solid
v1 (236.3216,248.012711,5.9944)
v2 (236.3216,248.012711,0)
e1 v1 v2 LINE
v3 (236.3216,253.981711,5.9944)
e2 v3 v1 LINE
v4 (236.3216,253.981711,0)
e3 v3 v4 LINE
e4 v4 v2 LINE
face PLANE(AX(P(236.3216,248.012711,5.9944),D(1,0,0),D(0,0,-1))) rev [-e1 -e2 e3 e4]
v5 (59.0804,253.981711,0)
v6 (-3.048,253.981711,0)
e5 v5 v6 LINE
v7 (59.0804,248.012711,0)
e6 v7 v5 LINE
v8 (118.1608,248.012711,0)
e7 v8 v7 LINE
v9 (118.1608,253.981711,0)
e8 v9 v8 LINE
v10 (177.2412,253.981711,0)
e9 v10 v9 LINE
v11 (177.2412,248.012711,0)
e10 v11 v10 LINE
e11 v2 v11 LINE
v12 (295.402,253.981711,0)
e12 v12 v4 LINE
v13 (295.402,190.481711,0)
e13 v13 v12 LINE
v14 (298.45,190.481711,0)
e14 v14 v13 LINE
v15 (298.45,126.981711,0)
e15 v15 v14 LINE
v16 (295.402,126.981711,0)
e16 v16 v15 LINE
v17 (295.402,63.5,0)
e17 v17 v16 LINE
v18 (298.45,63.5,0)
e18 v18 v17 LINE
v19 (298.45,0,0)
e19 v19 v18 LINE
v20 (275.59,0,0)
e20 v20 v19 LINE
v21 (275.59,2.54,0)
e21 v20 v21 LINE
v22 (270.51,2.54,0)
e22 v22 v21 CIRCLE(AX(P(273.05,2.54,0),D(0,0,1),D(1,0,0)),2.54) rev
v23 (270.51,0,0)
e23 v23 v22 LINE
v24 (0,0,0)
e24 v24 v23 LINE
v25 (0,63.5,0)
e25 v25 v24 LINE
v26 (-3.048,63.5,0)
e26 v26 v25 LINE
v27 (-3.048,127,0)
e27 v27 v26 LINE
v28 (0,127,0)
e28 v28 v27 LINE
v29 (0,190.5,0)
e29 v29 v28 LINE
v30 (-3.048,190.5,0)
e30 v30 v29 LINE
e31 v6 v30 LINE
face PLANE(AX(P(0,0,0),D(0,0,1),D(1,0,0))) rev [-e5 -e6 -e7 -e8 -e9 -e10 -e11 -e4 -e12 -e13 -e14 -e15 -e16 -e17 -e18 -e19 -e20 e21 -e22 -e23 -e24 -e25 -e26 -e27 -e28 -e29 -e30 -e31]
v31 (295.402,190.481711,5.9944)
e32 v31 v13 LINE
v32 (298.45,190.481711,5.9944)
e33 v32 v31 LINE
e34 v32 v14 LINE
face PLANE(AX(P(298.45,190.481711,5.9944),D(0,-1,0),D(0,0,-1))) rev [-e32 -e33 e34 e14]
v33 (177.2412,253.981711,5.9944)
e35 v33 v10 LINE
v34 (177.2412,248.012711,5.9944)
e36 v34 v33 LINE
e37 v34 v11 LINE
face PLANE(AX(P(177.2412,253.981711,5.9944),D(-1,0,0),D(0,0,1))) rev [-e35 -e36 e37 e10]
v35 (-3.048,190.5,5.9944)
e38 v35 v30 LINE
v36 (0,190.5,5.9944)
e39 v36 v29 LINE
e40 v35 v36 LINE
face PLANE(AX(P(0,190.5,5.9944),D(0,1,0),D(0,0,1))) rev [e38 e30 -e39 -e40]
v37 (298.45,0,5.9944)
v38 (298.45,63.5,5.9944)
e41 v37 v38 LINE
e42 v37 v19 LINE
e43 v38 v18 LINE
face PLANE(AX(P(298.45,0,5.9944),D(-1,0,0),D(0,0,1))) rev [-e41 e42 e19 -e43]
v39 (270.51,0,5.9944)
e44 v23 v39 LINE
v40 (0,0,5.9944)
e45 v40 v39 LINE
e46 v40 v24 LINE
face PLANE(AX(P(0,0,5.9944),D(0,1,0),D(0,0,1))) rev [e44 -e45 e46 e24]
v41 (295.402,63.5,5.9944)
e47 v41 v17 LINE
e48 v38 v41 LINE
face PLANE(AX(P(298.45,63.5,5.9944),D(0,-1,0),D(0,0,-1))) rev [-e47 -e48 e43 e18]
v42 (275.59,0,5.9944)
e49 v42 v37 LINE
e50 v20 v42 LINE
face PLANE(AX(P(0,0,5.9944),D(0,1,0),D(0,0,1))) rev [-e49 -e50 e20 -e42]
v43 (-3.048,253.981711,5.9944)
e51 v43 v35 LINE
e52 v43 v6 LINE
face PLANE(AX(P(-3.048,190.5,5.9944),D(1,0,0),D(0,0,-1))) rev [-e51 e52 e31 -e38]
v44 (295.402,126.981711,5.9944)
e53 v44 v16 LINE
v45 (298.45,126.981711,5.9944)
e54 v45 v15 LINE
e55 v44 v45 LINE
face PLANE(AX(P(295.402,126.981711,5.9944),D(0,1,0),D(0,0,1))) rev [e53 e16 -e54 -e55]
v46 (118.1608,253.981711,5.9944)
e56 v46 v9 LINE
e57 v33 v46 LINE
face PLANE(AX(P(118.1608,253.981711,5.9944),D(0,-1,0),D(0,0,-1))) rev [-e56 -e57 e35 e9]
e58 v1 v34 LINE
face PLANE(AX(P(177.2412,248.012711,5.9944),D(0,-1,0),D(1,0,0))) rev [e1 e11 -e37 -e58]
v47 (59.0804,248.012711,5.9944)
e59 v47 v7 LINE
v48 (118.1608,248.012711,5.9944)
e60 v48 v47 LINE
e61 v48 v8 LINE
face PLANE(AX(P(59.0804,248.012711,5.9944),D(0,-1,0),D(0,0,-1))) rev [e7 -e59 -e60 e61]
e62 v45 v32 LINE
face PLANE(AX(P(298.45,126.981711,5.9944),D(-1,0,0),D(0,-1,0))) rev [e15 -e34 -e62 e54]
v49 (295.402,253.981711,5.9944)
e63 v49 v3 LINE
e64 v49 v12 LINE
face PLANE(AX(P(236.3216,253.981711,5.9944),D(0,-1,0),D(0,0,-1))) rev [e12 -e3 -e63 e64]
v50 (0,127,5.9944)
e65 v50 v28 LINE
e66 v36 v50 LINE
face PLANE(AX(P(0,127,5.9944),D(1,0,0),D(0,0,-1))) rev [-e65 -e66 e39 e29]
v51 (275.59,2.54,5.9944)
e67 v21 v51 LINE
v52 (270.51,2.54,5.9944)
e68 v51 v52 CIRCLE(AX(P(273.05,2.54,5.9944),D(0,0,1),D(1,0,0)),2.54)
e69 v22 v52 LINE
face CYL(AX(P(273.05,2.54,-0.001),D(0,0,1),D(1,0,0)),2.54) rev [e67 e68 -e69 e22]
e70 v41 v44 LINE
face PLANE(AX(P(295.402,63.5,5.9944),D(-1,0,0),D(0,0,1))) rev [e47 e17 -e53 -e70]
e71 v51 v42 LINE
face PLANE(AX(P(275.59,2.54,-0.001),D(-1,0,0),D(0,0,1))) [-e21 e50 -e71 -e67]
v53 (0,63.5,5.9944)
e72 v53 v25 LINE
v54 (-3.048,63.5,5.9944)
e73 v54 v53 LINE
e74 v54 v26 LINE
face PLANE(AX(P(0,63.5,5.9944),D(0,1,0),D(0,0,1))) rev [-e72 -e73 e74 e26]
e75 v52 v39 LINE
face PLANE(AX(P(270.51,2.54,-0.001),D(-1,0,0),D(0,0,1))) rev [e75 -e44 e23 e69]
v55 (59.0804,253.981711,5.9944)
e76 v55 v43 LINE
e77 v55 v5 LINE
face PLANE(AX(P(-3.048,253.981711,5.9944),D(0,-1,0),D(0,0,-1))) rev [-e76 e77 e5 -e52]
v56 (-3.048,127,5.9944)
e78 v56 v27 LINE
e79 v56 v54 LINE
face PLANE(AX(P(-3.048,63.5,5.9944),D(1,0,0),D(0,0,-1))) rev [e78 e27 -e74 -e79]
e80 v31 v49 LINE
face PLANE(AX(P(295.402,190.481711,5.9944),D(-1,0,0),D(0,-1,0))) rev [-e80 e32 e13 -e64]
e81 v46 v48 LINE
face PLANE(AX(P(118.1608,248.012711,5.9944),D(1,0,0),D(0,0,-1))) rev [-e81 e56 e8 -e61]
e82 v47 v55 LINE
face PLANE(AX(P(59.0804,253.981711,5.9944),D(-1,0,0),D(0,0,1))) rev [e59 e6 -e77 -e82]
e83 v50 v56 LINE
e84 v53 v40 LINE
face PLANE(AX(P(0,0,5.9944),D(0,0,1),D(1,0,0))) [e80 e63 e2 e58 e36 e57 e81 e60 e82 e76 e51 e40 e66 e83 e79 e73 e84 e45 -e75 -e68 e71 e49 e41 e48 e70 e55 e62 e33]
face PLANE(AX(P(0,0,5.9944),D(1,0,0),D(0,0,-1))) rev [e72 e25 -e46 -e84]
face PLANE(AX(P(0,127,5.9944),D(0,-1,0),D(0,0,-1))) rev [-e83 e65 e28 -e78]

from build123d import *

# Parameters (mm, degrees)
BOSS_EXTRUDE1_DEPTH = 5.9944
CUT_EXTRUDE2_REACH  = 7.994


with BuildPart() as part:
    # Sketch1 → Boss-Extrude1 (new body)
    with BuildSketch(Plane.XY):
        Polygon((-3.048, 63.5), (-3.048, 127), (0, 127), (0, 190.5), (-3.048, 190.5), (-3.048, 253.981711342), (59.0804, 253.981711342), (59.0804, 248.012711342), (118.1608, 248.012711342), (118.1608, 253.981711342), (177.2412, 253.981711342), (177.2412, 248.012711342), (236.3216, 248.012711342), (236.3216, 253.981711342), (295.402, 253.981711342), (295.402, 190.481711342), (298.45, 190.481711342), (298.45, 126.981711342), (295.402, 126.981711342), (295.402, 63.5), (298.45, 63.5), (298.45, 0), (0, 0), (0, 63.5), align=None)
    extrude(amount=BOSS_EXTRUDE1_DEPTH)

    # Sketch2 → Cut-Extrude2 (cut, up to next)
    with BuildSketch(Plane.XY.offset(5.9944), mode=Mode.PRIVATE) as cut_extrude2_sk1:
        with BuildLine():
            Line((270.51, 2.54), (270.51, 0))
            Line((270.51, 0), (275.59, 0))
            Line((275.59, 0), (275.59, 2.54))
            ThreePointArc((275.59, 2.54), (273.05, 5.08), (270.51, 2.54))
        make_face()
    cut_extrude2_tool1 = extrude(cut_extrude2_sk1.sketch, amount=-CUT_EXTRUDE2_REACH, mode=Mode.PRIVATE) & part.part
    add(cut_extrude2_tool1.solids().sort_by_distance((273.05, 2.302891, 5.9944))[0], mode=Mode.SUBTRACT)


solid = part.part
